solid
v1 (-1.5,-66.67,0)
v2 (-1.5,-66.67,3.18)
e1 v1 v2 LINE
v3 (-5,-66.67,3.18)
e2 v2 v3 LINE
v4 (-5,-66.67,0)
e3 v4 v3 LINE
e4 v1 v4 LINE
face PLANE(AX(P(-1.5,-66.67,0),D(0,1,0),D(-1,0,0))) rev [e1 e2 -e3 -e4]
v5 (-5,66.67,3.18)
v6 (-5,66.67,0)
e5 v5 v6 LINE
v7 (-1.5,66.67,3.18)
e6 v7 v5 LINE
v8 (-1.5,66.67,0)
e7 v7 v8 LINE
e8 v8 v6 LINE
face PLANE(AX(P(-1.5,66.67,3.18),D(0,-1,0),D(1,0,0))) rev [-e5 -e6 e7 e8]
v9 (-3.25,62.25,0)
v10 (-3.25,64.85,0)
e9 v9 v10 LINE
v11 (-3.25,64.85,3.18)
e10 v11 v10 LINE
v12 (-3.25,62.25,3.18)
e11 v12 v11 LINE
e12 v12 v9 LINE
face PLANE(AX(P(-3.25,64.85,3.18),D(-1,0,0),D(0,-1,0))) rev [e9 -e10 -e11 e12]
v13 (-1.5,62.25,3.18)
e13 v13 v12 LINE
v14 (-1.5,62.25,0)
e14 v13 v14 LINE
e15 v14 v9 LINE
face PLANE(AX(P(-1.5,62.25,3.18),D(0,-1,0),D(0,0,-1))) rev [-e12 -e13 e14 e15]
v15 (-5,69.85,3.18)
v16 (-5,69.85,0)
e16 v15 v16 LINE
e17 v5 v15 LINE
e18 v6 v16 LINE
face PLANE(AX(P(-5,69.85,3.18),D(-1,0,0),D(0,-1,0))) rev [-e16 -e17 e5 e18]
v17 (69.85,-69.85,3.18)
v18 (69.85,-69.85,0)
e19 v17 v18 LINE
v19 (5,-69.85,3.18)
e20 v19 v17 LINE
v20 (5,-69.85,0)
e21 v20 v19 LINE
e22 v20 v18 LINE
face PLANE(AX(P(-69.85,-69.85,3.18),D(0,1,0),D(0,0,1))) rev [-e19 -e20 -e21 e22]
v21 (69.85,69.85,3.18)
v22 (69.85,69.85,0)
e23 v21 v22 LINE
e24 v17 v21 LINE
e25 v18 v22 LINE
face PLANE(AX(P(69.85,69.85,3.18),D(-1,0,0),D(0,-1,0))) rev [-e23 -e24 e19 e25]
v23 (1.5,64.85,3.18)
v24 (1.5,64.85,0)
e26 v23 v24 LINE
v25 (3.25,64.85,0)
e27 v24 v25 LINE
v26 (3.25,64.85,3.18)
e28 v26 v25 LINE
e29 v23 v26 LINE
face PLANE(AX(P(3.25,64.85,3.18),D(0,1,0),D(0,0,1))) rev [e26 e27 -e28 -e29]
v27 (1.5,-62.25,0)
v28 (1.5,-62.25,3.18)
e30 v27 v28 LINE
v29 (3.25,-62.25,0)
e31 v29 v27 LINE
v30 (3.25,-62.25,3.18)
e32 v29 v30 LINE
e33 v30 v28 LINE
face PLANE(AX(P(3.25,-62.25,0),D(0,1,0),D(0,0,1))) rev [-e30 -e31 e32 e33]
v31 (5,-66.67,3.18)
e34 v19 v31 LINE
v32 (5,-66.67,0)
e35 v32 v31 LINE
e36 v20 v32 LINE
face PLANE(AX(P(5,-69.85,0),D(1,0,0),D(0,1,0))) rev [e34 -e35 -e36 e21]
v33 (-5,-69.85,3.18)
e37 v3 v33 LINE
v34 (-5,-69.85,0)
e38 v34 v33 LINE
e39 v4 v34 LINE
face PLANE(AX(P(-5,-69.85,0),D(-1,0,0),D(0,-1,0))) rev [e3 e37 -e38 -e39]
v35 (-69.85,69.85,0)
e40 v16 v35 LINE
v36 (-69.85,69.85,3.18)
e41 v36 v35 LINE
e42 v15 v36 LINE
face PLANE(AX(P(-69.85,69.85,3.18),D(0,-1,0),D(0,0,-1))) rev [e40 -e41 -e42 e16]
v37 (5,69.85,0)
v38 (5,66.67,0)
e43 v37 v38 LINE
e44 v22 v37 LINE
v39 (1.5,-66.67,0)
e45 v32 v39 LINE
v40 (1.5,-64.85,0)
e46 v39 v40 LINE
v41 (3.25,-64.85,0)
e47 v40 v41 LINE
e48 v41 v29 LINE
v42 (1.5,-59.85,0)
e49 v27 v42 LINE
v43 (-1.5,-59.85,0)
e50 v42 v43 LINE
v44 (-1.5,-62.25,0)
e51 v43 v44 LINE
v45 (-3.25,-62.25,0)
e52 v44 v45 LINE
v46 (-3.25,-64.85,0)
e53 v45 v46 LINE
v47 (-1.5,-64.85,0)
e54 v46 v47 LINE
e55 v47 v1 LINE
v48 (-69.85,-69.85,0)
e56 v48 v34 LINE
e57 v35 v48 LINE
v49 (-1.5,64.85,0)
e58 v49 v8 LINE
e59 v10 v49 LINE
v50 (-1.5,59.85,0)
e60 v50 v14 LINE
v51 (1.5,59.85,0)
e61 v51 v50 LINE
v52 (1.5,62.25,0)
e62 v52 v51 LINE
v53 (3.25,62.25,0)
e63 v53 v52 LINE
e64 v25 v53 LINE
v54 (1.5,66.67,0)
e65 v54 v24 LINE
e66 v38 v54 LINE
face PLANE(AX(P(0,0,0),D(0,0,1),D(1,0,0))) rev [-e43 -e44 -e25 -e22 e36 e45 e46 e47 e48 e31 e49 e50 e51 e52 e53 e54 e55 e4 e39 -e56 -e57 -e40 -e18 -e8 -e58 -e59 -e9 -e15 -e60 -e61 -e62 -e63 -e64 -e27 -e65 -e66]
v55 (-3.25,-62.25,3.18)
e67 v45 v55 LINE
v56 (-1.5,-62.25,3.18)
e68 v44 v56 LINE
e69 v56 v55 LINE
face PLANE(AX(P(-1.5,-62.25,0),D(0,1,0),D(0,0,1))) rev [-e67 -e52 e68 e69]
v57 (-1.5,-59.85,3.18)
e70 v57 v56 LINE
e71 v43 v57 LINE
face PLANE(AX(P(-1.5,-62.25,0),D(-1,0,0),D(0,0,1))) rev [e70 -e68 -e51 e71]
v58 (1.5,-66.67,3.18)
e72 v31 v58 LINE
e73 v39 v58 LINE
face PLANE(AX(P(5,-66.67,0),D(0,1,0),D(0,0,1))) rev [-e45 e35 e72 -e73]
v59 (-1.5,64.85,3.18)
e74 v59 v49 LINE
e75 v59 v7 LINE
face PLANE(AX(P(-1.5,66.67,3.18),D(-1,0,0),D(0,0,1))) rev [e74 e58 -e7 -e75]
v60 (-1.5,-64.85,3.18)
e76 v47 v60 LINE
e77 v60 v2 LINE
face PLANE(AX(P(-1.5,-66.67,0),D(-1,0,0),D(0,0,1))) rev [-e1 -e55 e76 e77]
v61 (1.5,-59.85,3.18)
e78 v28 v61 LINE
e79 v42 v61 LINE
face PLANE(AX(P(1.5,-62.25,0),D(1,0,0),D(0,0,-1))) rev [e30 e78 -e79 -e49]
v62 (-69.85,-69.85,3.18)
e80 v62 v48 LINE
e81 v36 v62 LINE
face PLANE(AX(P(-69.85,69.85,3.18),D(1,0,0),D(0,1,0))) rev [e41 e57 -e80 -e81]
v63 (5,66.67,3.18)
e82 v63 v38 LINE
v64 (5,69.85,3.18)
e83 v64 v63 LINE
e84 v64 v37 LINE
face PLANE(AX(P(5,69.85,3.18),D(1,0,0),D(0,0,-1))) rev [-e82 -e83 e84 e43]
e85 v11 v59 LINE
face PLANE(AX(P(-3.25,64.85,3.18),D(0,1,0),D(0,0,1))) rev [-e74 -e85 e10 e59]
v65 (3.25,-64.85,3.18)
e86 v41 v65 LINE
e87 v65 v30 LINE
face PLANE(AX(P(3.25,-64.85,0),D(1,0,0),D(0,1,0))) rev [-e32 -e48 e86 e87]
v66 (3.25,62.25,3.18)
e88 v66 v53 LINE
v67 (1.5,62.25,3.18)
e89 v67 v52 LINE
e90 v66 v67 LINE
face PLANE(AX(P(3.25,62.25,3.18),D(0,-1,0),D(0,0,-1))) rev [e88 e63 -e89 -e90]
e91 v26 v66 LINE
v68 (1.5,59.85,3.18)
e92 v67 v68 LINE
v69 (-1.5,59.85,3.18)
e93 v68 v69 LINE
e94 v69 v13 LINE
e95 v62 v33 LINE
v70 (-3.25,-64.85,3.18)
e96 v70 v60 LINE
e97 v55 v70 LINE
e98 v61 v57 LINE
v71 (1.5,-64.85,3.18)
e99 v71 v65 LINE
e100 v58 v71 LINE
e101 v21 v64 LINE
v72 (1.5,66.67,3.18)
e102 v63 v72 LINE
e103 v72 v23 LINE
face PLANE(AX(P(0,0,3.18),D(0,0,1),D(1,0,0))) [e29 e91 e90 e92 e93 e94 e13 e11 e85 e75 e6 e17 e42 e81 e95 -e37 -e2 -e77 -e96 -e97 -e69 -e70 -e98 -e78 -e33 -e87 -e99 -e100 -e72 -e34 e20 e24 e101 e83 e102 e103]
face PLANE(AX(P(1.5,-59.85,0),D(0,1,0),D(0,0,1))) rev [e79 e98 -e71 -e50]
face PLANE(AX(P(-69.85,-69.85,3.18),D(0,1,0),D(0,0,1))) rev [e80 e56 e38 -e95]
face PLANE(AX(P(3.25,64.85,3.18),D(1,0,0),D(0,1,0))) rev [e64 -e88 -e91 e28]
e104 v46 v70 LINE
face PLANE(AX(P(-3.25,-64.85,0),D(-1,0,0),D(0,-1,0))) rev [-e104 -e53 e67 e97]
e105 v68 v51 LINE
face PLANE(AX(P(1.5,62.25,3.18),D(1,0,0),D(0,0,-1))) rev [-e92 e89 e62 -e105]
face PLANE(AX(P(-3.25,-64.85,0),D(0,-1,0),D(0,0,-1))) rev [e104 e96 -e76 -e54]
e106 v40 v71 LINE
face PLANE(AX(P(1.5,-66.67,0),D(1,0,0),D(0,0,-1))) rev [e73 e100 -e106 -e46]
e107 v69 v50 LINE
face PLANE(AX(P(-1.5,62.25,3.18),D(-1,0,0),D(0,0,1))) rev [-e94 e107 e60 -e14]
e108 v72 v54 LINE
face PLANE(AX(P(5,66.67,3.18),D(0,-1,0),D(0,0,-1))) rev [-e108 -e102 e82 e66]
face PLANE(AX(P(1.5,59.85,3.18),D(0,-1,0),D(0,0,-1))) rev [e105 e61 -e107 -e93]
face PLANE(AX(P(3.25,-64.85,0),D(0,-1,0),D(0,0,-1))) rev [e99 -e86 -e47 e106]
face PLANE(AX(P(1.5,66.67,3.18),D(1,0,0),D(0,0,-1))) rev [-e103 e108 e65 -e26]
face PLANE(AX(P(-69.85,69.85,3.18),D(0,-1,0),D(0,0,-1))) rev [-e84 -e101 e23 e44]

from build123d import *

# Parameters (mm, degrees)
SKETCH1_W           = 139.7
SKETCH1_H           = 139.7
BOSS_EXTRUDE1_DEPTH = 3.18
CUT_EXTRUDE1_DEPTH  = 4.18
CUT_EXTRUDE13_DEPTH = 4.18


with BuildPart() as part:
    # Sketch1 → Boss-Extrude1 (new body)
    with BuildSketch(Plane.XY):
        Rectangle(SKETCH1_W, SKETCH1_H)
    extrude(amount=BOSS_EXTRUDE1_DEPTH)

    # Sketch2 → Cut-Extrude1 (cut, through all)
    with BuildSketch(Plane(origin=(-8.56452252, 11.167189864, 0), x_dir=(-1, 0, 0), z_dir=(0, 0, -1))):
        Polygon((-7.06452252, 55.502810136), (-3.56452252, 55.502810136), (-3.56452252, 58.682810136), (-13.56452252, 58.682810136), (-13.56452252, 55.502810136), (-10.06452252, 55.502810136), (-10.06452252, 53.682810136), (-11.81452252, 53.682810136), (-11.81452252, 51.082810136), (-10.06452252, 51.082810136), (-10.06452252, 48.682810136), (-7.06452252, 48.682810136), (-7.06452252, 51.082810136), (-5.31452252, 51.082810136), (-5.31452252, 53.682810136), (-7.06452252, 53.682810136), align=None)
    extrude(amount=-CUT_EXTRUDE1_DEPTH, mode=Mode.SUBTRACT)

    # Sketch23 → Cut-Extrude13 (cut, through all)
    with BuildSketch(Plane(origin=(17.665263567, -90.063820514, 3.18), x_dir=(1, 0, 0), z_dir=(0, 0, 1))):
        Polygon((-19.165263567, 23.393820514), (-22.665263567, 23.393820514), (-22.665263567, 20.213820514), (-12.665263567, 20.213820514), (-12.665263567, 23.393820514), (-16.165263567, 23.393820514), (-16.165263567, 25.213820514), (-14.415263567, 25.213820514), (-14.415263567, 27.813820514), (-16.165263567, 27.813820514), (-16.165263567, 30.213820514), (-19.165263567, 30.213820514), (-19.165263567, 27.813820514), (-20.915263567, 27.813820514), (-20.915263567, 25.213820514), (-19.165263567, 25.213820514), align=None)
    extrude(amount=-CUT_EXTRUDE13_DEPTH, mode=Mode.SUBTRACT)


solid = part.part
